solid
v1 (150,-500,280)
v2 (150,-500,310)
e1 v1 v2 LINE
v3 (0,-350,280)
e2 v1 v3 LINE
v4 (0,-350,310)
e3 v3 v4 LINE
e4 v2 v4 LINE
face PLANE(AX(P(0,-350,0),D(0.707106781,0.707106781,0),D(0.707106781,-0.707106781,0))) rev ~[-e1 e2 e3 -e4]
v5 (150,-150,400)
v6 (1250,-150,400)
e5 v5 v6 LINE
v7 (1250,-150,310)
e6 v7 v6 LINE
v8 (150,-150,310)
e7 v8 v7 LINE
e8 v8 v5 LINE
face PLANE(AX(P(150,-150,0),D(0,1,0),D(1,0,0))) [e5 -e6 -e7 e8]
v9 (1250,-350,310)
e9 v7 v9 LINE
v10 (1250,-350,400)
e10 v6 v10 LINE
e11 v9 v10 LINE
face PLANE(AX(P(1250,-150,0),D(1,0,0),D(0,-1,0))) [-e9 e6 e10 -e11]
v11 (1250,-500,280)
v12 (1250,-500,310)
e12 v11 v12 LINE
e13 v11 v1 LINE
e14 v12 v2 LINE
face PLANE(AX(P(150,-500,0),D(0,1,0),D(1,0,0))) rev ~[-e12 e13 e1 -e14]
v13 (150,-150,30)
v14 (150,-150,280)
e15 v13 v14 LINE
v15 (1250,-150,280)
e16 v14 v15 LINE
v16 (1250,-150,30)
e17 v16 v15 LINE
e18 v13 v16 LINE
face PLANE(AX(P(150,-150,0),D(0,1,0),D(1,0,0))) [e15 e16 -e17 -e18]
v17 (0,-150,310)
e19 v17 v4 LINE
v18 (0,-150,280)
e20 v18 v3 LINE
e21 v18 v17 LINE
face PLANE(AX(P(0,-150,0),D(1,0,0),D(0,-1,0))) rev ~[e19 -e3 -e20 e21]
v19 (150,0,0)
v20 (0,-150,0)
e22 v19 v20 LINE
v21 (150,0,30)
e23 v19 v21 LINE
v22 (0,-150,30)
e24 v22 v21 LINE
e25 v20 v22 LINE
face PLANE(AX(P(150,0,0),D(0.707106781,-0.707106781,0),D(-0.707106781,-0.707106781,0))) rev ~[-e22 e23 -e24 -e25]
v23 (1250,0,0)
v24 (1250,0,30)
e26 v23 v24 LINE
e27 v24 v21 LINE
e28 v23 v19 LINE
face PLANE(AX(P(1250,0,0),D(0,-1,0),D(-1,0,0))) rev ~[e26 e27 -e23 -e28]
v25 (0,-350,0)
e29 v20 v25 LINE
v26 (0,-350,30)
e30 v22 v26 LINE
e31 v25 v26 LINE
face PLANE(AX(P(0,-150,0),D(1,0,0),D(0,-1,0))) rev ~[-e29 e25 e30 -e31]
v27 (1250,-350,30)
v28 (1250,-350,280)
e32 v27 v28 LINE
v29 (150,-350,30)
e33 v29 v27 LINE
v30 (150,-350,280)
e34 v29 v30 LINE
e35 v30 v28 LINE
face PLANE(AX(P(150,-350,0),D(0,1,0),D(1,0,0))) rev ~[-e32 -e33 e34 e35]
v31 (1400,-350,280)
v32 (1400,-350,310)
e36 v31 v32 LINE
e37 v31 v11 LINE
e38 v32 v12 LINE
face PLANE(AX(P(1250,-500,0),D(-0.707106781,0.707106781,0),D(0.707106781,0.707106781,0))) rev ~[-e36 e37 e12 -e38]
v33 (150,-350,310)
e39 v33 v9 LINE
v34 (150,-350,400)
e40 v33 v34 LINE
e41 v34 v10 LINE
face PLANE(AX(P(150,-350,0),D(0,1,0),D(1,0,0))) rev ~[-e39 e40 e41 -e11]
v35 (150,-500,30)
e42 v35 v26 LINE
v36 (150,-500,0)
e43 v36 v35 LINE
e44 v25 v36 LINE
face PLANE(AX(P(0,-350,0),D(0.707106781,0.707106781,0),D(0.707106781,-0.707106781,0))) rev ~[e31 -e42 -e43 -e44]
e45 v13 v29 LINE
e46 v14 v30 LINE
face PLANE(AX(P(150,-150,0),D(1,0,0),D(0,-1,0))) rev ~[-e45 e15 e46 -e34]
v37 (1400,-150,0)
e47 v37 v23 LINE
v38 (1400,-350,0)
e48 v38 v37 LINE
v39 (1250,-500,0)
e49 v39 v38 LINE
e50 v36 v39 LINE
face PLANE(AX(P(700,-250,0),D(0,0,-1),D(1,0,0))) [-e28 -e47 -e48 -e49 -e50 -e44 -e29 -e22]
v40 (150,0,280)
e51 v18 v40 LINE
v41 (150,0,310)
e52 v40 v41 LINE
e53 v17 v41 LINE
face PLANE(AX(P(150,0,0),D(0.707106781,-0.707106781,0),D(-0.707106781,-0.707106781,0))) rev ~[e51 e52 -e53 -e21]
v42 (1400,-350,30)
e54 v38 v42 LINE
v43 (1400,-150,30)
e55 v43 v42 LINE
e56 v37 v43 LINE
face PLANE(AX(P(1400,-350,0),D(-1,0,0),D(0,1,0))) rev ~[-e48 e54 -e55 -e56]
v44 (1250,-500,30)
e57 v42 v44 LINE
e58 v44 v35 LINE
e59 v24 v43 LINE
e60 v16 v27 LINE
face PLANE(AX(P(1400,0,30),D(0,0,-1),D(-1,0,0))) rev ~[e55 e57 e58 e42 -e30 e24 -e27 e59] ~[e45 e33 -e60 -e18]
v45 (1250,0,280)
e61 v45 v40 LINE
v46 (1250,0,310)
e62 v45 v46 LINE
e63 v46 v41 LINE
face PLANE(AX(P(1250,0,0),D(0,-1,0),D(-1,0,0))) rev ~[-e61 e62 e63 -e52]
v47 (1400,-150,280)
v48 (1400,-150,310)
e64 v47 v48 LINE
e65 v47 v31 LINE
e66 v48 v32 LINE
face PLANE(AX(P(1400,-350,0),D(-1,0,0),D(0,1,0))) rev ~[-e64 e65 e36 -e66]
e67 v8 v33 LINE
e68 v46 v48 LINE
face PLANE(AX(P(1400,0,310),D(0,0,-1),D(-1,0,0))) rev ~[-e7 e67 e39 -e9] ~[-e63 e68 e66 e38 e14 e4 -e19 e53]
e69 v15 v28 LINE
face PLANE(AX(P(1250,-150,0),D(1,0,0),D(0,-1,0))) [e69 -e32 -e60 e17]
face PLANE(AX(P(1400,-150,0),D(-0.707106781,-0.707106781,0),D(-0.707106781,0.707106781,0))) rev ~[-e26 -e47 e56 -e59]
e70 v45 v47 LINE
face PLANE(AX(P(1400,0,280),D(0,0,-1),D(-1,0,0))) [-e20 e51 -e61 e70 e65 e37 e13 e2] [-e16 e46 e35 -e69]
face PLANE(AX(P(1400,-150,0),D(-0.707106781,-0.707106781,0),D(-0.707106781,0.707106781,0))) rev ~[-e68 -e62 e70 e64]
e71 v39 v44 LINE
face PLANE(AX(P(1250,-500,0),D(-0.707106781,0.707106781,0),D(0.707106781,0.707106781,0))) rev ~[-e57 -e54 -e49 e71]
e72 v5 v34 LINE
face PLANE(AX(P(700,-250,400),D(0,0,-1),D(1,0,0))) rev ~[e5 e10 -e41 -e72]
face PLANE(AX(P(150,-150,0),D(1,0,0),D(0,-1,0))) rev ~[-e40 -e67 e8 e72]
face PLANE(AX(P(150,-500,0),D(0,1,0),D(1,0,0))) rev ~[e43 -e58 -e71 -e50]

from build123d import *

# Parameters (mm, degrees)
F1_DEPTH = 400
F2_W     = 1400
F2_H     = 250
F2_H_2   = 90
F3_DEPTH = 500.001
F4_W     = 1100
F4_H     = 200
F5_DEPTH = 400


with BuildPart() as f1:
    # F0 (on Top) → F1 (new body)
    with BuildSketch(Plane.XY):
        Polygon((1250, 0), (150, 0), (0, -150), (0, -350), (150, -500), (1250, -500), (1400, -350), (1400, -150), align=None)
    extrude(amount=F1_DEPTH)

    # F2 (on face) → F3 (cut, through all)
    with BuildSketch(Plane(origin=(0, 0, 0), x_dir=(-1, 0, 0), z_dir=(0, 1, 0))):
        with Locations((-700, 155)):
            Rectangle(F2_W, F2_H)
        with Locations((-700, 355)):
            Rectangle(F2_W, F2_H_2)
    extrude(amount=-F3_DEPTH, mode=Mode.SUBTRACT)

    # F4 (on face) → F5 (join)
    with BuildSketch(Plane(origin=(0, 0, 0), x_dir=(1, 0, 0), z_dir=(0, 0, -1))):
        with Locations((700, 250)):
            Rectangle(F4_W, F4_H)
    extrude(amount=-F5_DEPTH)


solid = f1.part
